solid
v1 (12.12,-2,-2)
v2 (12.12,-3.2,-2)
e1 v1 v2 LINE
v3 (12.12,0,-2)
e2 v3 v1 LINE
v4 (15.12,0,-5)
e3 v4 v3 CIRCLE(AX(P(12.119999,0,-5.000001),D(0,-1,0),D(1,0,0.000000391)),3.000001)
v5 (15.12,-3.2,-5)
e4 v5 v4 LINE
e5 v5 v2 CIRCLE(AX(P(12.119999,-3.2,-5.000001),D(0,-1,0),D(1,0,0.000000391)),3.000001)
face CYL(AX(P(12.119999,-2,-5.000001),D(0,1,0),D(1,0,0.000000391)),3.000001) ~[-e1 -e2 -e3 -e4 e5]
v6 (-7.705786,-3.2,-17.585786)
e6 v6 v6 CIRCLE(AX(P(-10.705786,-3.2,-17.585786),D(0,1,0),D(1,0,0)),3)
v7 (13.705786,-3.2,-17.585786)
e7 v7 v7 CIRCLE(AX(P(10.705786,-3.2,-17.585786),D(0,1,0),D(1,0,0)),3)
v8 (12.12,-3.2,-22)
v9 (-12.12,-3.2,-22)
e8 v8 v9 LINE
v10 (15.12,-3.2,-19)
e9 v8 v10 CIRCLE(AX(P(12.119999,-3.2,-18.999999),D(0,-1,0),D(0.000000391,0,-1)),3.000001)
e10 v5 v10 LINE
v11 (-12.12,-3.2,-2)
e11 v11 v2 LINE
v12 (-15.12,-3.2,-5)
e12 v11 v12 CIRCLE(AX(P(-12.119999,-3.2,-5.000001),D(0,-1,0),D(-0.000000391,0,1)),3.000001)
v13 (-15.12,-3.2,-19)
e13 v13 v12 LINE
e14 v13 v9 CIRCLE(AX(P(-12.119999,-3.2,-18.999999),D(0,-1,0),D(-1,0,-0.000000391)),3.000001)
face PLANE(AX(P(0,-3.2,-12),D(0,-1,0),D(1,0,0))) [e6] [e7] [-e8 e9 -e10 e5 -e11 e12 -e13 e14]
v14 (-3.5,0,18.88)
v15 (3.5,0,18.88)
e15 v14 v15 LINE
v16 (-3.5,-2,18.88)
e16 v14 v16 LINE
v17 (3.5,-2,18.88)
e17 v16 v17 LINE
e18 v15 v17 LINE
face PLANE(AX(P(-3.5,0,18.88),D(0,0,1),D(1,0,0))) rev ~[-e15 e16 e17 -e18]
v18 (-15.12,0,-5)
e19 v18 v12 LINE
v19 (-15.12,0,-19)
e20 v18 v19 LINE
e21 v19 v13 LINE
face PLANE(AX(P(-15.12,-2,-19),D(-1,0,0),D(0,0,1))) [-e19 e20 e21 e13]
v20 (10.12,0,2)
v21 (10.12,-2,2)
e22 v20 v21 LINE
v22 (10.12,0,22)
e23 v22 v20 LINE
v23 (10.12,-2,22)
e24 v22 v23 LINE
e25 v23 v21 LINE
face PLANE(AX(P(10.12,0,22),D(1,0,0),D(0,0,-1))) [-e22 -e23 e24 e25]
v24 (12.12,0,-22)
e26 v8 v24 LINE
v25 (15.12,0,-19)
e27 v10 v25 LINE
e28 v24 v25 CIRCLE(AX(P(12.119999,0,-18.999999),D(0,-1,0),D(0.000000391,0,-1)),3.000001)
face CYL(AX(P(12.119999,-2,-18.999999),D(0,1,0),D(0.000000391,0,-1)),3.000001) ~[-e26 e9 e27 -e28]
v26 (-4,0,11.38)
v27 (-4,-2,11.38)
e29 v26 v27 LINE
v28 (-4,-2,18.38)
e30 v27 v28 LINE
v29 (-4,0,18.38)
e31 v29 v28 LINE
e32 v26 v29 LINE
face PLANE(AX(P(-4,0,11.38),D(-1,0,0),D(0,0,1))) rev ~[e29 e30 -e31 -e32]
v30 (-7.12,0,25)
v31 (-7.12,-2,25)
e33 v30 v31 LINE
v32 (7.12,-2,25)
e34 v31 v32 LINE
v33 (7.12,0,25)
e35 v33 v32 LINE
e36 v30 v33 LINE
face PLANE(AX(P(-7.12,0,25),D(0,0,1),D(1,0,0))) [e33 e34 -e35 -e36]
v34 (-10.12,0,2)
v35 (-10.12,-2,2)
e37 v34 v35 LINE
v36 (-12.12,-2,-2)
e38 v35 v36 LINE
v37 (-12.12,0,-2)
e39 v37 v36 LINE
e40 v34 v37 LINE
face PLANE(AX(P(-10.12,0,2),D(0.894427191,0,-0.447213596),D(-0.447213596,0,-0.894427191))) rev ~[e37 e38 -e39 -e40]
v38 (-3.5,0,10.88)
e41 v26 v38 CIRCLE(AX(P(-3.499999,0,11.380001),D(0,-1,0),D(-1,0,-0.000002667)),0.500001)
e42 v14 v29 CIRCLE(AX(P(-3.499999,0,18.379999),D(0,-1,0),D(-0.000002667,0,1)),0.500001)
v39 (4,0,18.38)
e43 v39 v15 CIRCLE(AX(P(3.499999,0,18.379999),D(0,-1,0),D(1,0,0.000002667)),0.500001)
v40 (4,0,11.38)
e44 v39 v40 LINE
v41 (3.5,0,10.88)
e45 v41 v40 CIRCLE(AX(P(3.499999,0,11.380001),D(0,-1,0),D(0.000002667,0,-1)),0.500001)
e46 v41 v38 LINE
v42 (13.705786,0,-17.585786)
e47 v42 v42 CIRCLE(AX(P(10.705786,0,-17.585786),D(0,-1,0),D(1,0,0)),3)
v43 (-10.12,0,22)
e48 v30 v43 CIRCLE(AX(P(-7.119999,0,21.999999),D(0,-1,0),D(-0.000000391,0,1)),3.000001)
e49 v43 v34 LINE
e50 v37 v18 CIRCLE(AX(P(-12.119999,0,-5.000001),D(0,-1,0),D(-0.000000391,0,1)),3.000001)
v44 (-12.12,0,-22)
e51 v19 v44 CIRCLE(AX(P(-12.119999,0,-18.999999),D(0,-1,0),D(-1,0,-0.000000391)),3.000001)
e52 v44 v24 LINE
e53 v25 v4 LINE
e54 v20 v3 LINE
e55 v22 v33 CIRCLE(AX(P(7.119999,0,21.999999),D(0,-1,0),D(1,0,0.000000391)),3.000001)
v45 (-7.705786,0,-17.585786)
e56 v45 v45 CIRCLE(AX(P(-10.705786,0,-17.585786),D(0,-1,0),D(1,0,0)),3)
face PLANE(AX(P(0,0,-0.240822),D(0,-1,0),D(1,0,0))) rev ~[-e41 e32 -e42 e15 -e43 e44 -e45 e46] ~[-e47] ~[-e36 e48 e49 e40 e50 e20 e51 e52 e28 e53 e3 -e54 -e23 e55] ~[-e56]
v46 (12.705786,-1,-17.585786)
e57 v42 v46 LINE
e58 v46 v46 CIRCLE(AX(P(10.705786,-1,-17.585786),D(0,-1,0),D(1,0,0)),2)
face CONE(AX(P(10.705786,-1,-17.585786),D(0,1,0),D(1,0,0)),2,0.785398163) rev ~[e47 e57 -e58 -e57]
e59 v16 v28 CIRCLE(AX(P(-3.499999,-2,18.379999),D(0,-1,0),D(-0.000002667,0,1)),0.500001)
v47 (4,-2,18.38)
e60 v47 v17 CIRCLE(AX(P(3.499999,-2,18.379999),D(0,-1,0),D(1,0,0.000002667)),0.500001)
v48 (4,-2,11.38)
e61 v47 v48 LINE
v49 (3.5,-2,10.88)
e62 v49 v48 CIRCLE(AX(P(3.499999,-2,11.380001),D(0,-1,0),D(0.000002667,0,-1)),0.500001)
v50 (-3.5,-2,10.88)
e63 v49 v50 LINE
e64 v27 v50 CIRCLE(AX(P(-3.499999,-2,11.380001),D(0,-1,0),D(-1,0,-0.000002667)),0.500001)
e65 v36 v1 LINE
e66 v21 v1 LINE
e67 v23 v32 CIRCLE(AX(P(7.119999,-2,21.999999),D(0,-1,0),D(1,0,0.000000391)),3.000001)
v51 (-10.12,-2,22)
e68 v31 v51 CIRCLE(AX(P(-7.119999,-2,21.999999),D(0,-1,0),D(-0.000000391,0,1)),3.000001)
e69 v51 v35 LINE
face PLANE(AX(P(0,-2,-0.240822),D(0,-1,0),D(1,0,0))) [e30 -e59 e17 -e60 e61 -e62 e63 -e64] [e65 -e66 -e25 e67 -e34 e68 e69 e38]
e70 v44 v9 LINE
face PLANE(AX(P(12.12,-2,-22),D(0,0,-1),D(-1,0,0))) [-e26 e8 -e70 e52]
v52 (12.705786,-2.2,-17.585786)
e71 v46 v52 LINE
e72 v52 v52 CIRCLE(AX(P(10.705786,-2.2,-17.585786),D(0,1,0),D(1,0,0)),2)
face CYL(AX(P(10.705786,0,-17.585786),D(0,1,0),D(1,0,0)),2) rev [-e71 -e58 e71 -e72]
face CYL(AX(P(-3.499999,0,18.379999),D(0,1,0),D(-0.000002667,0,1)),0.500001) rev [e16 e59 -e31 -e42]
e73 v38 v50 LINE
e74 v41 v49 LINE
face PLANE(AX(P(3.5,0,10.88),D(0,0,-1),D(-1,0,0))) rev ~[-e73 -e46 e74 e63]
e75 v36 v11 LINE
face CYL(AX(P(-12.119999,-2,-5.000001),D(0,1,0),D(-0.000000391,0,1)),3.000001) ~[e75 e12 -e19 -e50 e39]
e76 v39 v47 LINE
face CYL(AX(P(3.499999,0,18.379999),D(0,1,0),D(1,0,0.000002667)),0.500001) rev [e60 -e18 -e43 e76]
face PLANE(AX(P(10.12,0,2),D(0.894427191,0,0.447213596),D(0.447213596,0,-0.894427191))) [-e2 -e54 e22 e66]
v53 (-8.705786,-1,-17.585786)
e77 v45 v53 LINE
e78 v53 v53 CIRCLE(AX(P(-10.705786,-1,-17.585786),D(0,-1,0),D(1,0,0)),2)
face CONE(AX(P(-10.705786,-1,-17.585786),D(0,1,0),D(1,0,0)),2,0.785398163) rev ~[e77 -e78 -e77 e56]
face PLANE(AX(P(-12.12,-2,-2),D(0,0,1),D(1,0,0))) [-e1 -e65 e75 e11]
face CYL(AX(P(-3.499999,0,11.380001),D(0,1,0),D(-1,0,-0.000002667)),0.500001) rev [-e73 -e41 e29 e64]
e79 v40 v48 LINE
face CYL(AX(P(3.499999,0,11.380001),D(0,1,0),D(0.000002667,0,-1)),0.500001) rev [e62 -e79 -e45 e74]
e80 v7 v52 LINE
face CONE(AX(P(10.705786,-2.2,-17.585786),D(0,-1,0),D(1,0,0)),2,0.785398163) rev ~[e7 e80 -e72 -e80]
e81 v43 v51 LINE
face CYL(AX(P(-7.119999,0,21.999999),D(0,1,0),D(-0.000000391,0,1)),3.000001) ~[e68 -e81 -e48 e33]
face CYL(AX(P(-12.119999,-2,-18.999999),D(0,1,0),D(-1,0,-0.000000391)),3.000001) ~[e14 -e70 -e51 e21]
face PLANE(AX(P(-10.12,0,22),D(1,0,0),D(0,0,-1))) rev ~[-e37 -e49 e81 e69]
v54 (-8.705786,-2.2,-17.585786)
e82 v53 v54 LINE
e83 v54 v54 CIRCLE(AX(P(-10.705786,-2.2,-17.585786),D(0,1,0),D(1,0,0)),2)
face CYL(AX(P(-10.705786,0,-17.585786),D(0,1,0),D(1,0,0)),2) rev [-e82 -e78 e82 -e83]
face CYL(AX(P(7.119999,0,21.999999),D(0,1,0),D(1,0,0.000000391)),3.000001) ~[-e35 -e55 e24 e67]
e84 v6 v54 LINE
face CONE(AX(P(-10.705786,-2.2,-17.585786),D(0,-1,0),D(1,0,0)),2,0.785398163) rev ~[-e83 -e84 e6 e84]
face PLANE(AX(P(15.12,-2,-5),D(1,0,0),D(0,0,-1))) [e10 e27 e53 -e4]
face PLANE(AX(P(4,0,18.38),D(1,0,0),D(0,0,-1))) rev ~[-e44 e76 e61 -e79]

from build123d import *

# Parameters (mm, degrees)
PAD013_DEPTH    = 2
PAD014_DEPTH    = 1.2
SKETCH061_R     = 2
POCKET010_DEPTH = 3.201
CHAMFER009_SIZE = 1


with BuildPart() as part:
    # Sketch034 → Pad013 (new body)
    with BuildSketch(Plane.XZ):
        with BuildLine():
            ThreePointArc((-7.12, 25), (-9.24132, 24.12132), (-10.12, 22))
            Line((-10.12, 22), (-10.12, 2))
            Line((-10.12, 2), (-12.12, -2))
            ThreePointArc((-12.12, -2), (-14.24132, -2.87868), (-15.12, -5))
            Line((-15.12, -5), (-15.12, -19))
            ThreePointArc((-15.12, -19), (-14.24132, -21.12132), (-12.12, -22))
            Line((-12.12, -22), (12.12, -22))
            ThreePointArc((12.12, -22), (14.24132, -21.12132), (15.12, -19))
            Line((15.12, -19), (15.12, -5))
            ThreePointArc((15.12, -5), (14.24132, -2.87868), (12.12, -2))
            Line((10.12, 2), (12.12, -2))
            Line((10.12, 22), (10.12, 2))
            ThreePointArc((10.12, 22), (9.24132, 24.12132), (7.12, 25))
            Line((-7.12, 25), (7.12, 25))
        make_face()
        with BuildLine():
            Line((-3.5, 18.88), (3.5, 18.88))
            ThreePointArc((4, 18.38), (3.853553, 18.733553), (3.5, 18.88))
            Line((4, 18.38), (4, 11.38))
            ThreePointArc((3.5, 10.88), (3.853553, 11.026447), (4, 11.38))
            Line((3.5, 10.88), (-3.5, 10.88))
            ThreePointArc((-4, 11.38), (-3.853553, 11.026447), (-3.5, 10.88))
            Line((-4, 11.38), (-4, 18.38))
            ThreePointArc((-3.5, 18.88), (-3.853553, 18.733553), (-4, 18.38))
        make_face(mode=Mode.SUBTRACT)
    extrude(amount=PAD013_DEPTH)

    # Sketch035 → Pad014 (join)
    with BuildSketch(Plane.XZ.offset(2)):
        with BuildLine():
            ThreePointArc((15.12, -5), (14.24132, -2.87868), (12.12, -2))
            Line((-12.12, -2), (12.12, -2))
            ThreePointArc((-12.12, -2), (-14.24132, -2.87868), (-15.12, -5))
            Line((-15.12, -19), (-15.12, -5))
            ThreePointArc((-15.12, -19), (-14.24132, -21.12132), (-12.12, -22))
            Line((12.12, -22), (-12.12, -22))
            ThreePointArc((12.12, -22), (14.24132, -21.12132), (15.12, -19))
            Line((15.12, -5), (15.12, -19))
        make_face()
    extrude(amount=PAD014_DEPTH)

    # Sketch061 → Pocket010 (cut, through all)
    with BuildSketch(Plane.XZ):
        with Locations((-10.705786, -17.585786)):
            Circle(SKETCH061_R)
        with Locations((10.705786, -17.585786)):
            Circle(SKETCH061_R)
    extrude(amount=POCKET010_DEPTH, mode=Mode.SUBTRACT)

    # Chamfer009
    chamfer009_edges = [part.edges().sort_by_distance(p)[0] for p in [
        (-12.705786, 0, -17.585786),
        (-8.705786, -1.6, -17.585786),
        (-12.705786, -3.2, -17.585786),
        (8.705786, 0, -17.585786),
        (12.705786, -1.6, -17.585786),
        (8.705786, -3.2, -17.585786),
    ]]
    chamfer(chamfer009_edges, length=CHAMFER009_SIZE)


solid = part.part
